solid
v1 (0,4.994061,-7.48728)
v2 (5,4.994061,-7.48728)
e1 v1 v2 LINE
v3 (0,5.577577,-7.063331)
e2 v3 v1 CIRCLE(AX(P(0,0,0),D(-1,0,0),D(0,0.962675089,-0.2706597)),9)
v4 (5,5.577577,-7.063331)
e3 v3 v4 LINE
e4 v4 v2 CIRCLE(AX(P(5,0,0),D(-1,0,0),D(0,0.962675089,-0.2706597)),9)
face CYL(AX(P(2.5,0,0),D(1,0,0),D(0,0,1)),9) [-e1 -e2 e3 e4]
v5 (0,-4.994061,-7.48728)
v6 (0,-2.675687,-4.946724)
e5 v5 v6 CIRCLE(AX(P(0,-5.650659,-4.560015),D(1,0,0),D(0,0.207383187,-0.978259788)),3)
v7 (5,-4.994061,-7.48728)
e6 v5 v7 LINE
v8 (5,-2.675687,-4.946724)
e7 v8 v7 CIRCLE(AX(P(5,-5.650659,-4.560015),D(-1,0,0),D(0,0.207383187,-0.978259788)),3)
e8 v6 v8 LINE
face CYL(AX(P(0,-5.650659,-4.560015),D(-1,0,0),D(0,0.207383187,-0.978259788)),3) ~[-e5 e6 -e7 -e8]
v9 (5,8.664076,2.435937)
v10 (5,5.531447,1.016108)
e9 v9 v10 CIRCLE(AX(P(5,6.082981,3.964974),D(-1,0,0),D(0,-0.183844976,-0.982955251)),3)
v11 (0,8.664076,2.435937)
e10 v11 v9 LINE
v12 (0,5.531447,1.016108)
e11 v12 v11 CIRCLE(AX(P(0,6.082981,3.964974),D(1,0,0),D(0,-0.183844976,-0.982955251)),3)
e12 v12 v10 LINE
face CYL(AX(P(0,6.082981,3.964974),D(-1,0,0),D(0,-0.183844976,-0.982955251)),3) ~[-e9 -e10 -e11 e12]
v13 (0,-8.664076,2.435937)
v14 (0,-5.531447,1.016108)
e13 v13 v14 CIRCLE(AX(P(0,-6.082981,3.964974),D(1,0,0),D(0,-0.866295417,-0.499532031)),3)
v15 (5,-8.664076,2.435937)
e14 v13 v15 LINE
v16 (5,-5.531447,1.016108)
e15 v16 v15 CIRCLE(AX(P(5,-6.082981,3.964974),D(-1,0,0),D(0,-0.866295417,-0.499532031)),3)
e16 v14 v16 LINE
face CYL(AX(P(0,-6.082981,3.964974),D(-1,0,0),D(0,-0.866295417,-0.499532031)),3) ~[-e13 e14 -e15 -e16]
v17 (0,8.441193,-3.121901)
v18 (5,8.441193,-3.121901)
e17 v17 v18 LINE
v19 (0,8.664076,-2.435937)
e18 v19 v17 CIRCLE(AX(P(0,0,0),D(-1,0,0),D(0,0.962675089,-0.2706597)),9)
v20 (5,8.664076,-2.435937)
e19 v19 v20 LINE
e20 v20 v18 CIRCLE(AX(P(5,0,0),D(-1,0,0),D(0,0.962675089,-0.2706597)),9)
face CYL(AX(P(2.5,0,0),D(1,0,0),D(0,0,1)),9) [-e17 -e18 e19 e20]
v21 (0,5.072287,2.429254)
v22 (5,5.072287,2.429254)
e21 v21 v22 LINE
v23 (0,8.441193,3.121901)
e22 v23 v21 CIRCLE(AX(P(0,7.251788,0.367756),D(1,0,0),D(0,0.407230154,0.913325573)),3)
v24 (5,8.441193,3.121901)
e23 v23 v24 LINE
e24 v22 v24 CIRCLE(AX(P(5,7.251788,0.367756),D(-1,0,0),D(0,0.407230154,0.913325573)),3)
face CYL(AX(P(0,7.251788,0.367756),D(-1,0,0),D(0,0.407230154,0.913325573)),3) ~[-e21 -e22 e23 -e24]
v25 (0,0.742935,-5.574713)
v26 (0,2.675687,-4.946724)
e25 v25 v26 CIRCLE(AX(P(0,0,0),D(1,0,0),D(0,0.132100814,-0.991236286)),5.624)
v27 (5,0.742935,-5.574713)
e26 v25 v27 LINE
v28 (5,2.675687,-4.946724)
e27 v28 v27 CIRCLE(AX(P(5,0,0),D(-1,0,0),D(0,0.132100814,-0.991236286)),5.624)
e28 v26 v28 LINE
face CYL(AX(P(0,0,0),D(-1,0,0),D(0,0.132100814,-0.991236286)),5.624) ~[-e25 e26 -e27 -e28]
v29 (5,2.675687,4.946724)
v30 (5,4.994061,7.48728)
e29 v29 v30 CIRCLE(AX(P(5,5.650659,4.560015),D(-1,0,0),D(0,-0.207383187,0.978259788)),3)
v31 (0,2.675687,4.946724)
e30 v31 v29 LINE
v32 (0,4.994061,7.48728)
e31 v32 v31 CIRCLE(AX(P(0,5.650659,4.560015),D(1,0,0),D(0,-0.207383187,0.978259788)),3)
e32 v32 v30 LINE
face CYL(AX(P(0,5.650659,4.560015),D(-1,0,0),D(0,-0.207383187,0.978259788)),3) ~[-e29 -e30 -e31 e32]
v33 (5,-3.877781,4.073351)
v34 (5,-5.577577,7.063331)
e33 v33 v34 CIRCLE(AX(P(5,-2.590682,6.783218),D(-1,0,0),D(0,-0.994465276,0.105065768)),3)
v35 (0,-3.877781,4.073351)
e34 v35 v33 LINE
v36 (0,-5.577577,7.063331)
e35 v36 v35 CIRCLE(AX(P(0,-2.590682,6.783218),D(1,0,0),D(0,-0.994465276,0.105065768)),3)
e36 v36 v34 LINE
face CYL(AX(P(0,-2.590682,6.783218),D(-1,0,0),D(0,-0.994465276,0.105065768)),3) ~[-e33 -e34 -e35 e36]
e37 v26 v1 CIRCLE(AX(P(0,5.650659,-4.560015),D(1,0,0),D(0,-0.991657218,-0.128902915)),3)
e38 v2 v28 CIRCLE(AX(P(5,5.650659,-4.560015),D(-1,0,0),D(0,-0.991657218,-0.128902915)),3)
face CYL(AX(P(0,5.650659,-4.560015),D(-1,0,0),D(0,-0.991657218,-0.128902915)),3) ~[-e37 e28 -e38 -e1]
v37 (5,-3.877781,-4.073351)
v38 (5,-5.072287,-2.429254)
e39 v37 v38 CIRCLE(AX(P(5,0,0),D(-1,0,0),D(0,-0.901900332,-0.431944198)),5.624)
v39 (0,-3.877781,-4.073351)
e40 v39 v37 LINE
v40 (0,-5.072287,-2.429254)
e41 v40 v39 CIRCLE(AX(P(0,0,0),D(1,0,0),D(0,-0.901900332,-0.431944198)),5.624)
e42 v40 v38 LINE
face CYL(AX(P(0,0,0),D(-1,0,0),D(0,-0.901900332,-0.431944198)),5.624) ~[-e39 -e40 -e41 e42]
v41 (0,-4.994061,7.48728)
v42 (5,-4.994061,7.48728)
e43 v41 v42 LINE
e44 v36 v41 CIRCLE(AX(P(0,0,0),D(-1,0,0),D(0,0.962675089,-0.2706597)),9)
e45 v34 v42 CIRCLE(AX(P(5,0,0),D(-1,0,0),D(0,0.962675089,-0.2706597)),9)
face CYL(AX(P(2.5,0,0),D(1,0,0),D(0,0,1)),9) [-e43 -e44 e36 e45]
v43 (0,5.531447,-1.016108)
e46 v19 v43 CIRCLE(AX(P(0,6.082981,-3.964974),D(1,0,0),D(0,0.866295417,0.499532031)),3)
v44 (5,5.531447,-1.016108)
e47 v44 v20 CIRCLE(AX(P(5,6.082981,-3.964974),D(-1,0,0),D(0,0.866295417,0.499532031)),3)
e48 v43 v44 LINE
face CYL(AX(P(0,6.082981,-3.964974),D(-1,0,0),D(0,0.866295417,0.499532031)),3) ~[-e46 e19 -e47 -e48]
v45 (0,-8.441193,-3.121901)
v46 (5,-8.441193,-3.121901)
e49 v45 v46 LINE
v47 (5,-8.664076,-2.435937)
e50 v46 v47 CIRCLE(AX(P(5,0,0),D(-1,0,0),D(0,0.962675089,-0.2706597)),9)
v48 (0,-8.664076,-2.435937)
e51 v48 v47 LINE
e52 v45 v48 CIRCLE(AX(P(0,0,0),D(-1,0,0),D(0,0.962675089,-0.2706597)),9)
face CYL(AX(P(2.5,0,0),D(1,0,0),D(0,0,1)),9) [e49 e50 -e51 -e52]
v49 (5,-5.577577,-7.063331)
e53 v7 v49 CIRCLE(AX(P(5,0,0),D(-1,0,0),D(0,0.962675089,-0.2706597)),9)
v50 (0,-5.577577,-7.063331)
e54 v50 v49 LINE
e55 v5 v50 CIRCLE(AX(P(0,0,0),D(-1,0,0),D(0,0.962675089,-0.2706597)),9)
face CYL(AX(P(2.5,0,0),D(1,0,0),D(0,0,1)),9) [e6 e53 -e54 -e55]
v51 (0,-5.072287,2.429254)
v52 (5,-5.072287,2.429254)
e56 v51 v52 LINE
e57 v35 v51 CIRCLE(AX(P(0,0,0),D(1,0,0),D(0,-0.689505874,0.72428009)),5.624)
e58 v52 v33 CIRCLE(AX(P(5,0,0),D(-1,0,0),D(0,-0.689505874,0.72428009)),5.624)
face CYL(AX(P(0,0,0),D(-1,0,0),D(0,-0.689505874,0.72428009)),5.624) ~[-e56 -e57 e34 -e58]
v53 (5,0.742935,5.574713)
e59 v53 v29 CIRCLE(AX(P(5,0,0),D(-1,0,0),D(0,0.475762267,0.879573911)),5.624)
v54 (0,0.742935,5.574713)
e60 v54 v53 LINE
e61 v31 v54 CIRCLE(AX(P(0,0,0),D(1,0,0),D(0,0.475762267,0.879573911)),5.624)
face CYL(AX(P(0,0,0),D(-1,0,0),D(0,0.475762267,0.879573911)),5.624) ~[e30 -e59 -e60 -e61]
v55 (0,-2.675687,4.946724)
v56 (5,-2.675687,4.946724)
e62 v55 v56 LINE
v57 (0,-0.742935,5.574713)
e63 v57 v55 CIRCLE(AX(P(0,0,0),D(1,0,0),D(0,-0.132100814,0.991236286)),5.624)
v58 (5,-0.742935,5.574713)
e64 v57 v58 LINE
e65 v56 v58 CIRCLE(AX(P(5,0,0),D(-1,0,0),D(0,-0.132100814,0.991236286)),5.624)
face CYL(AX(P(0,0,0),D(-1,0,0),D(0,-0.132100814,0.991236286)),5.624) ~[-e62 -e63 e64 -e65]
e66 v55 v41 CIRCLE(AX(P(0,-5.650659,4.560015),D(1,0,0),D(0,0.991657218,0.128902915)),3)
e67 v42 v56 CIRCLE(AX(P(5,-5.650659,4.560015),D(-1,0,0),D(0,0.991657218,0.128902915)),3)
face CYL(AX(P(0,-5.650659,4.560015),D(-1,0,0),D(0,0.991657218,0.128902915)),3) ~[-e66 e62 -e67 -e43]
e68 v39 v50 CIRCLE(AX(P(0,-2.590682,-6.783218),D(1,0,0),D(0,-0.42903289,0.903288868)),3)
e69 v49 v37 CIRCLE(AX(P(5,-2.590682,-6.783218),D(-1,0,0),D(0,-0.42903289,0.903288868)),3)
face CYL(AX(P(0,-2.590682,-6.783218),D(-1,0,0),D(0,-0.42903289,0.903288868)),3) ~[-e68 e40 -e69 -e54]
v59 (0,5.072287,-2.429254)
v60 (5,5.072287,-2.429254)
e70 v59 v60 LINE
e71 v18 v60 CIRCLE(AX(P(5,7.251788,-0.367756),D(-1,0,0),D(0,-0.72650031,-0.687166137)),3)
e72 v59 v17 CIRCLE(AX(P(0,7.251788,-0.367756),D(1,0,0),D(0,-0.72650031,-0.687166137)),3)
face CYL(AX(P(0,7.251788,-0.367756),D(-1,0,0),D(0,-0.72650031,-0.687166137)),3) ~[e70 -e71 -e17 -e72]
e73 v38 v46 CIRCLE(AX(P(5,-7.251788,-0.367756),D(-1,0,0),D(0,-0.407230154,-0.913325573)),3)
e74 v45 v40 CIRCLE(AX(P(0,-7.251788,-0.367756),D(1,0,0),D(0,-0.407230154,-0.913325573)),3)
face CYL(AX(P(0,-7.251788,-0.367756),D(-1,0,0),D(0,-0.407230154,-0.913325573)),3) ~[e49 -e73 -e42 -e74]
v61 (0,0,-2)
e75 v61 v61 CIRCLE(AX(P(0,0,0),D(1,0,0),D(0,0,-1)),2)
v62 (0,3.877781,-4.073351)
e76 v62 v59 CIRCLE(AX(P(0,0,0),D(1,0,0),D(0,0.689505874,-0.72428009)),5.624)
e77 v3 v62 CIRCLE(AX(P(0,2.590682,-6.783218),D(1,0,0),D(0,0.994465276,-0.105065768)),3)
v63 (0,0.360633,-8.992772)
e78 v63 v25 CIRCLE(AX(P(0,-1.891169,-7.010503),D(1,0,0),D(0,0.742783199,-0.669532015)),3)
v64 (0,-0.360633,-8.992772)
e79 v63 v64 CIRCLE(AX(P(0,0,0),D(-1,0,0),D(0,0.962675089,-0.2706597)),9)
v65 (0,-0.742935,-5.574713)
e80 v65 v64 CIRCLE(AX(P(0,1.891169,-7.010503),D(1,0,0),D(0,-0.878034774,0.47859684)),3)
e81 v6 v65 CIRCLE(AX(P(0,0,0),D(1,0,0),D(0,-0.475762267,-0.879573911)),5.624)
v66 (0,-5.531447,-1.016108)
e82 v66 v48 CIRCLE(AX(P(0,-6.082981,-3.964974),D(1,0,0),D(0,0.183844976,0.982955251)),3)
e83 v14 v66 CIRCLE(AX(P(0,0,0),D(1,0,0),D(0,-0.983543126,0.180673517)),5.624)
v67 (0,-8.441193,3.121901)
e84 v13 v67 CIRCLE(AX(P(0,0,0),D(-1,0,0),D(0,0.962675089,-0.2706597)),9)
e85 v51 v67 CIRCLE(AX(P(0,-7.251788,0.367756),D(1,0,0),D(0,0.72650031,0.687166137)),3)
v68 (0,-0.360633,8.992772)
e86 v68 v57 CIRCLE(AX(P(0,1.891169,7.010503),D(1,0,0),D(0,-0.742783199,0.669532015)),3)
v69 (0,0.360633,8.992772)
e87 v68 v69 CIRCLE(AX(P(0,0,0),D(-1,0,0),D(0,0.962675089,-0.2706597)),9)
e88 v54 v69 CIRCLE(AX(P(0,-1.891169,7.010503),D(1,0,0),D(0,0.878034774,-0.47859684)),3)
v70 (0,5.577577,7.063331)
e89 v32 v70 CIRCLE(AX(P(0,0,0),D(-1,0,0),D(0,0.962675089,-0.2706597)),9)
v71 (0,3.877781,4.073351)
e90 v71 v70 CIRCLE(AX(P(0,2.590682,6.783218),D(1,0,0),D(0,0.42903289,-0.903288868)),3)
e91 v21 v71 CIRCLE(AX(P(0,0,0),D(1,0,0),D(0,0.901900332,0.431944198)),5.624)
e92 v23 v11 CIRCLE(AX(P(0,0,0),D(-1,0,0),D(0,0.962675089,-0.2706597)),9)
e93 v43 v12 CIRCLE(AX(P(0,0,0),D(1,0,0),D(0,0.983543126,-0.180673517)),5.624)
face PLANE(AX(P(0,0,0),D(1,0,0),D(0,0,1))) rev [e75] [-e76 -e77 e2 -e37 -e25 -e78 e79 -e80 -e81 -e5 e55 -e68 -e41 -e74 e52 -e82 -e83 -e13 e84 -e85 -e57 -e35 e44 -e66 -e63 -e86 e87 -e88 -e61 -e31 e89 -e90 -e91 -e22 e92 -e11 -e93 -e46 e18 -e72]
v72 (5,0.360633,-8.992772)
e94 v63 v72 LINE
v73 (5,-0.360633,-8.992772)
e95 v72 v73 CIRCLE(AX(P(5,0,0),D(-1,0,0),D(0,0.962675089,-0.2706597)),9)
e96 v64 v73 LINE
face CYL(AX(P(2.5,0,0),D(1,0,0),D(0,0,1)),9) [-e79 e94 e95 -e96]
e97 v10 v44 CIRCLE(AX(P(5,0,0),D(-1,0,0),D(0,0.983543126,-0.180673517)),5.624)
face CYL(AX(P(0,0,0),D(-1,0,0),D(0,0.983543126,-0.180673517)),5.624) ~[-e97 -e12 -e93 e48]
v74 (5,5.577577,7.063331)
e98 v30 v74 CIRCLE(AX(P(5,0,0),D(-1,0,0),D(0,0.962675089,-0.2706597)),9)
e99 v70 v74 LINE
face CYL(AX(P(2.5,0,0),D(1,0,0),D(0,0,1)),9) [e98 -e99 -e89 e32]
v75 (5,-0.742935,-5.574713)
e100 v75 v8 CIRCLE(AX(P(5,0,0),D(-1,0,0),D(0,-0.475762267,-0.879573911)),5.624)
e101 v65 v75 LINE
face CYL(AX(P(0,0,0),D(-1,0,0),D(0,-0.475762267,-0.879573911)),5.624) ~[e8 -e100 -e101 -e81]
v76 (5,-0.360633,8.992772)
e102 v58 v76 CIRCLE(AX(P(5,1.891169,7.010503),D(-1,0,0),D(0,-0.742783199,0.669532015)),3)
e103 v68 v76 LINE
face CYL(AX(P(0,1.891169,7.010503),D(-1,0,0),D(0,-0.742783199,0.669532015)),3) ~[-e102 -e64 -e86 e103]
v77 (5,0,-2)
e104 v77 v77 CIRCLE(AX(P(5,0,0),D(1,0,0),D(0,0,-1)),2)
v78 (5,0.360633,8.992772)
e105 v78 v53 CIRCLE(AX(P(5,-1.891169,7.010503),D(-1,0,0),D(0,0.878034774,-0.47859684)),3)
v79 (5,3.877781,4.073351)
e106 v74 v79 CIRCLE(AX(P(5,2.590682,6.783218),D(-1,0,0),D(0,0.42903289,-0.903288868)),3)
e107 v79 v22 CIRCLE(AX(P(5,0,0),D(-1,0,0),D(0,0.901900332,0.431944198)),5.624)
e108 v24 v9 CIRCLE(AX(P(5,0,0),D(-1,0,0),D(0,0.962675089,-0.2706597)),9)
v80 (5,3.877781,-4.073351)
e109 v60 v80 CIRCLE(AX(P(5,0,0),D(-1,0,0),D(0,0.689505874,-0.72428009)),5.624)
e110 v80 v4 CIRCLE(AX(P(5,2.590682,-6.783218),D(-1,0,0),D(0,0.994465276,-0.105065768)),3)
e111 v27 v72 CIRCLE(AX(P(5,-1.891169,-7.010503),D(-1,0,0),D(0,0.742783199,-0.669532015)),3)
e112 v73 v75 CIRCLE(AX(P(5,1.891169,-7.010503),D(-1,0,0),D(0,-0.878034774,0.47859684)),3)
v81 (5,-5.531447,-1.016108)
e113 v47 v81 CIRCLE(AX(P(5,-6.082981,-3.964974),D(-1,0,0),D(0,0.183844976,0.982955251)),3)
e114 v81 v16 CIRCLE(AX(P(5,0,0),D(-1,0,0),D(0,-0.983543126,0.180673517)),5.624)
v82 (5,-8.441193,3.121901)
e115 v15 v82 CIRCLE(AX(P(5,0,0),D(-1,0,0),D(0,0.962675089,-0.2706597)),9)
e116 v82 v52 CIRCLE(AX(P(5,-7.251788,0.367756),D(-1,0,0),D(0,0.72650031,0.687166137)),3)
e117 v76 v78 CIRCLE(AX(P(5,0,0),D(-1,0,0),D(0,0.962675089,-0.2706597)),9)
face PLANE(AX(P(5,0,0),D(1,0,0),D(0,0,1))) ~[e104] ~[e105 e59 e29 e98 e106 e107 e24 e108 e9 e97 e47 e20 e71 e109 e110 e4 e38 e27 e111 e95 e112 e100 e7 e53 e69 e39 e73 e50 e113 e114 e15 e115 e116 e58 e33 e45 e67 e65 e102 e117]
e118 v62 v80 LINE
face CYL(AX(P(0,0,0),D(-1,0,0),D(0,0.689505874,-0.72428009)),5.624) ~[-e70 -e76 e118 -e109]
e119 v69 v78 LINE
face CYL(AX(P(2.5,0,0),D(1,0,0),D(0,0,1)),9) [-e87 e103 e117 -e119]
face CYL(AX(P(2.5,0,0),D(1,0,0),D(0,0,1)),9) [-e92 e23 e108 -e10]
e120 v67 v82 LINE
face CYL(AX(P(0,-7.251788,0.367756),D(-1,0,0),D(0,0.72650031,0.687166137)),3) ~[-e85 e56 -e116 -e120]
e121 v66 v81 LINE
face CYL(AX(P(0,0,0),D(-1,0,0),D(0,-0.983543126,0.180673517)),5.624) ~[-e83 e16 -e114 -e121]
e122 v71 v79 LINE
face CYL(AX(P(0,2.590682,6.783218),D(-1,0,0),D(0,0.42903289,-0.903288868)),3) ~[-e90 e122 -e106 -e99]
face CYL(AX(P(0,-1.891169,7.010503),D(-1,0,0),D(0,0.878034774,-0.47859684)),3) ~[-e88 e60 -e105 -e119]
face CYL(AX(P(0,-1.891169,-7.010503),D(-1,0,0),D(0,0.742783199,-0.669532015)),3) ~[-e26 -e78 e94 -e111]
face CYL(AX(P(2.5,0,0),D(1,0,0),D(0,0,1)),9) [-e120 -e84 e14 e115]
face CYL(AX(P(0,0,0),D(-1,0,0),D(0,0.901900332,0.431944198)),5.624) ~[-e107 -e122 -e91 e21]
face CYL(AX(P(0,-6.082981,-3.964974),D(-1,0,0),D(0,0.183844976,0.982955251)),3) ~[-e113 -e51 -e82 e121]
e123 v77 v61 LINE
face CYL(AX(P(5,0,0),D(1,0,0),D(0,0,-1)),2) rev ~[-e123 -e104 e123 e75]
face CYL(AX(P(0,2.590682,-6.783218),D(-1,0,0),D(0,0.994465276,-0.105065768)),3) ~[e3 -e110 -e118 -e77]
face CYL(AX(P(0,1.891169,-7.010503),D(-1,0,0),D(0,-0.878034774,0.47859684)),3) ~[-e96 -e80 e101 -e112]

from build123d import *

# Parameters (mm, degrees)
BASPROSKE_W        = 5
BASPROSKE_H        = 9
TOOTHCUT_DEPTH     = 14.674794331
TEETHCUTS_COUNT    = 10
TEETHCUTS_ANGLE    = 324
BORSKE_R           = 1
BORE_DEPTH         = 50.0000508
SKETCH1_R          = 2
CUT_EXTRUDE1_DEPTH = 14.456084477


with BuildPart() as part:
    # BasProSke → Base-Revolve (revolve)
    with BuildSketch(Plane(origin=(0, 0, 0), x_dir=(1, 0, 0), z_dir=(0, 1, 0)), mode=Mode.PRIVATE) as base_revolve_sk:
        with Locations((2.5, 4.5)):
            Rectangle(BASPROSKE_W, BASPROSKE_H)
    revolve(base_revolve_sk.sketch.rotate(Axis((-10, 0, 0), (1, 0, 0)), 180), axis=Axis((-10, 0, 0), (1, 0, 0)))

    # TooCutSke → ToothCut (cut, through all)
    with BuildSketch(Plane(origin=(0, 0, 0), x_dir=(0, 0, -1), z_dir=(1, 0, 0))):
        with BuildLine():
            ThreePointArc((1.016107861, 5.531446539), (0, 5.624), (-1.016107861, 5.531446539))
            ThreePointArc((-1.016107861, 5.531446539), (-1.239855704, 7.337466374), (-2.46637752, 8.681867719))
            ThreePointArc((-2.46637752, 8.681867719), (0, 9.0254), (2.46637752, 8.681867719))
            ThreePointArc((2.46637752, 8.681867719), (1.239855704, 7.337466374), (1.016107861, 5.531446539))
        make_face()
    toothcut = extrude(amount=TOOTHCUT_DEPTH, mode=Mode.SUBTRACT)

    # TeethCuts: ToothCut ×10 about axis
    teethcuts_axis = Axis((-10, 0, 0), (1, 0, 0))
    for i in range(1, TEETHCUTS_COUNT):
        add(toothcut.rotate(teethcuts_axis, i * TEETHCUTS_ANGLE / (TEETHCUTS_COUNT - 1)), mode=Mode.SUBTRACT)

    # BorSke → Bore (cut, symmetric)
    with BuildSketch(Plane(origin=(0, 0, 0), x_dir=(0, 0, -1), z_dir=(1, 0, 0))):
        with Locations(Location((0, 0, 0), (0, 0, 180))):
            Circle(BORSKE_R)
    extrude(amount=BORE_DEPTH, both=True, mode=Mode.SUBTRACT)

    # Sketch1 → Cut-Extrude1 (cut, through all)
    with BuildSketch(Plane(origin=(5, 0, 0), x_dir=(0, 0, -1), z_dir=(1, 0, 0))):
        Circle(SKETCH1_R)
    extrude(amount=-CUT_EXTRUDE1_DEPTH, mode=Mode.SUBTRACT)


solid = part.part
